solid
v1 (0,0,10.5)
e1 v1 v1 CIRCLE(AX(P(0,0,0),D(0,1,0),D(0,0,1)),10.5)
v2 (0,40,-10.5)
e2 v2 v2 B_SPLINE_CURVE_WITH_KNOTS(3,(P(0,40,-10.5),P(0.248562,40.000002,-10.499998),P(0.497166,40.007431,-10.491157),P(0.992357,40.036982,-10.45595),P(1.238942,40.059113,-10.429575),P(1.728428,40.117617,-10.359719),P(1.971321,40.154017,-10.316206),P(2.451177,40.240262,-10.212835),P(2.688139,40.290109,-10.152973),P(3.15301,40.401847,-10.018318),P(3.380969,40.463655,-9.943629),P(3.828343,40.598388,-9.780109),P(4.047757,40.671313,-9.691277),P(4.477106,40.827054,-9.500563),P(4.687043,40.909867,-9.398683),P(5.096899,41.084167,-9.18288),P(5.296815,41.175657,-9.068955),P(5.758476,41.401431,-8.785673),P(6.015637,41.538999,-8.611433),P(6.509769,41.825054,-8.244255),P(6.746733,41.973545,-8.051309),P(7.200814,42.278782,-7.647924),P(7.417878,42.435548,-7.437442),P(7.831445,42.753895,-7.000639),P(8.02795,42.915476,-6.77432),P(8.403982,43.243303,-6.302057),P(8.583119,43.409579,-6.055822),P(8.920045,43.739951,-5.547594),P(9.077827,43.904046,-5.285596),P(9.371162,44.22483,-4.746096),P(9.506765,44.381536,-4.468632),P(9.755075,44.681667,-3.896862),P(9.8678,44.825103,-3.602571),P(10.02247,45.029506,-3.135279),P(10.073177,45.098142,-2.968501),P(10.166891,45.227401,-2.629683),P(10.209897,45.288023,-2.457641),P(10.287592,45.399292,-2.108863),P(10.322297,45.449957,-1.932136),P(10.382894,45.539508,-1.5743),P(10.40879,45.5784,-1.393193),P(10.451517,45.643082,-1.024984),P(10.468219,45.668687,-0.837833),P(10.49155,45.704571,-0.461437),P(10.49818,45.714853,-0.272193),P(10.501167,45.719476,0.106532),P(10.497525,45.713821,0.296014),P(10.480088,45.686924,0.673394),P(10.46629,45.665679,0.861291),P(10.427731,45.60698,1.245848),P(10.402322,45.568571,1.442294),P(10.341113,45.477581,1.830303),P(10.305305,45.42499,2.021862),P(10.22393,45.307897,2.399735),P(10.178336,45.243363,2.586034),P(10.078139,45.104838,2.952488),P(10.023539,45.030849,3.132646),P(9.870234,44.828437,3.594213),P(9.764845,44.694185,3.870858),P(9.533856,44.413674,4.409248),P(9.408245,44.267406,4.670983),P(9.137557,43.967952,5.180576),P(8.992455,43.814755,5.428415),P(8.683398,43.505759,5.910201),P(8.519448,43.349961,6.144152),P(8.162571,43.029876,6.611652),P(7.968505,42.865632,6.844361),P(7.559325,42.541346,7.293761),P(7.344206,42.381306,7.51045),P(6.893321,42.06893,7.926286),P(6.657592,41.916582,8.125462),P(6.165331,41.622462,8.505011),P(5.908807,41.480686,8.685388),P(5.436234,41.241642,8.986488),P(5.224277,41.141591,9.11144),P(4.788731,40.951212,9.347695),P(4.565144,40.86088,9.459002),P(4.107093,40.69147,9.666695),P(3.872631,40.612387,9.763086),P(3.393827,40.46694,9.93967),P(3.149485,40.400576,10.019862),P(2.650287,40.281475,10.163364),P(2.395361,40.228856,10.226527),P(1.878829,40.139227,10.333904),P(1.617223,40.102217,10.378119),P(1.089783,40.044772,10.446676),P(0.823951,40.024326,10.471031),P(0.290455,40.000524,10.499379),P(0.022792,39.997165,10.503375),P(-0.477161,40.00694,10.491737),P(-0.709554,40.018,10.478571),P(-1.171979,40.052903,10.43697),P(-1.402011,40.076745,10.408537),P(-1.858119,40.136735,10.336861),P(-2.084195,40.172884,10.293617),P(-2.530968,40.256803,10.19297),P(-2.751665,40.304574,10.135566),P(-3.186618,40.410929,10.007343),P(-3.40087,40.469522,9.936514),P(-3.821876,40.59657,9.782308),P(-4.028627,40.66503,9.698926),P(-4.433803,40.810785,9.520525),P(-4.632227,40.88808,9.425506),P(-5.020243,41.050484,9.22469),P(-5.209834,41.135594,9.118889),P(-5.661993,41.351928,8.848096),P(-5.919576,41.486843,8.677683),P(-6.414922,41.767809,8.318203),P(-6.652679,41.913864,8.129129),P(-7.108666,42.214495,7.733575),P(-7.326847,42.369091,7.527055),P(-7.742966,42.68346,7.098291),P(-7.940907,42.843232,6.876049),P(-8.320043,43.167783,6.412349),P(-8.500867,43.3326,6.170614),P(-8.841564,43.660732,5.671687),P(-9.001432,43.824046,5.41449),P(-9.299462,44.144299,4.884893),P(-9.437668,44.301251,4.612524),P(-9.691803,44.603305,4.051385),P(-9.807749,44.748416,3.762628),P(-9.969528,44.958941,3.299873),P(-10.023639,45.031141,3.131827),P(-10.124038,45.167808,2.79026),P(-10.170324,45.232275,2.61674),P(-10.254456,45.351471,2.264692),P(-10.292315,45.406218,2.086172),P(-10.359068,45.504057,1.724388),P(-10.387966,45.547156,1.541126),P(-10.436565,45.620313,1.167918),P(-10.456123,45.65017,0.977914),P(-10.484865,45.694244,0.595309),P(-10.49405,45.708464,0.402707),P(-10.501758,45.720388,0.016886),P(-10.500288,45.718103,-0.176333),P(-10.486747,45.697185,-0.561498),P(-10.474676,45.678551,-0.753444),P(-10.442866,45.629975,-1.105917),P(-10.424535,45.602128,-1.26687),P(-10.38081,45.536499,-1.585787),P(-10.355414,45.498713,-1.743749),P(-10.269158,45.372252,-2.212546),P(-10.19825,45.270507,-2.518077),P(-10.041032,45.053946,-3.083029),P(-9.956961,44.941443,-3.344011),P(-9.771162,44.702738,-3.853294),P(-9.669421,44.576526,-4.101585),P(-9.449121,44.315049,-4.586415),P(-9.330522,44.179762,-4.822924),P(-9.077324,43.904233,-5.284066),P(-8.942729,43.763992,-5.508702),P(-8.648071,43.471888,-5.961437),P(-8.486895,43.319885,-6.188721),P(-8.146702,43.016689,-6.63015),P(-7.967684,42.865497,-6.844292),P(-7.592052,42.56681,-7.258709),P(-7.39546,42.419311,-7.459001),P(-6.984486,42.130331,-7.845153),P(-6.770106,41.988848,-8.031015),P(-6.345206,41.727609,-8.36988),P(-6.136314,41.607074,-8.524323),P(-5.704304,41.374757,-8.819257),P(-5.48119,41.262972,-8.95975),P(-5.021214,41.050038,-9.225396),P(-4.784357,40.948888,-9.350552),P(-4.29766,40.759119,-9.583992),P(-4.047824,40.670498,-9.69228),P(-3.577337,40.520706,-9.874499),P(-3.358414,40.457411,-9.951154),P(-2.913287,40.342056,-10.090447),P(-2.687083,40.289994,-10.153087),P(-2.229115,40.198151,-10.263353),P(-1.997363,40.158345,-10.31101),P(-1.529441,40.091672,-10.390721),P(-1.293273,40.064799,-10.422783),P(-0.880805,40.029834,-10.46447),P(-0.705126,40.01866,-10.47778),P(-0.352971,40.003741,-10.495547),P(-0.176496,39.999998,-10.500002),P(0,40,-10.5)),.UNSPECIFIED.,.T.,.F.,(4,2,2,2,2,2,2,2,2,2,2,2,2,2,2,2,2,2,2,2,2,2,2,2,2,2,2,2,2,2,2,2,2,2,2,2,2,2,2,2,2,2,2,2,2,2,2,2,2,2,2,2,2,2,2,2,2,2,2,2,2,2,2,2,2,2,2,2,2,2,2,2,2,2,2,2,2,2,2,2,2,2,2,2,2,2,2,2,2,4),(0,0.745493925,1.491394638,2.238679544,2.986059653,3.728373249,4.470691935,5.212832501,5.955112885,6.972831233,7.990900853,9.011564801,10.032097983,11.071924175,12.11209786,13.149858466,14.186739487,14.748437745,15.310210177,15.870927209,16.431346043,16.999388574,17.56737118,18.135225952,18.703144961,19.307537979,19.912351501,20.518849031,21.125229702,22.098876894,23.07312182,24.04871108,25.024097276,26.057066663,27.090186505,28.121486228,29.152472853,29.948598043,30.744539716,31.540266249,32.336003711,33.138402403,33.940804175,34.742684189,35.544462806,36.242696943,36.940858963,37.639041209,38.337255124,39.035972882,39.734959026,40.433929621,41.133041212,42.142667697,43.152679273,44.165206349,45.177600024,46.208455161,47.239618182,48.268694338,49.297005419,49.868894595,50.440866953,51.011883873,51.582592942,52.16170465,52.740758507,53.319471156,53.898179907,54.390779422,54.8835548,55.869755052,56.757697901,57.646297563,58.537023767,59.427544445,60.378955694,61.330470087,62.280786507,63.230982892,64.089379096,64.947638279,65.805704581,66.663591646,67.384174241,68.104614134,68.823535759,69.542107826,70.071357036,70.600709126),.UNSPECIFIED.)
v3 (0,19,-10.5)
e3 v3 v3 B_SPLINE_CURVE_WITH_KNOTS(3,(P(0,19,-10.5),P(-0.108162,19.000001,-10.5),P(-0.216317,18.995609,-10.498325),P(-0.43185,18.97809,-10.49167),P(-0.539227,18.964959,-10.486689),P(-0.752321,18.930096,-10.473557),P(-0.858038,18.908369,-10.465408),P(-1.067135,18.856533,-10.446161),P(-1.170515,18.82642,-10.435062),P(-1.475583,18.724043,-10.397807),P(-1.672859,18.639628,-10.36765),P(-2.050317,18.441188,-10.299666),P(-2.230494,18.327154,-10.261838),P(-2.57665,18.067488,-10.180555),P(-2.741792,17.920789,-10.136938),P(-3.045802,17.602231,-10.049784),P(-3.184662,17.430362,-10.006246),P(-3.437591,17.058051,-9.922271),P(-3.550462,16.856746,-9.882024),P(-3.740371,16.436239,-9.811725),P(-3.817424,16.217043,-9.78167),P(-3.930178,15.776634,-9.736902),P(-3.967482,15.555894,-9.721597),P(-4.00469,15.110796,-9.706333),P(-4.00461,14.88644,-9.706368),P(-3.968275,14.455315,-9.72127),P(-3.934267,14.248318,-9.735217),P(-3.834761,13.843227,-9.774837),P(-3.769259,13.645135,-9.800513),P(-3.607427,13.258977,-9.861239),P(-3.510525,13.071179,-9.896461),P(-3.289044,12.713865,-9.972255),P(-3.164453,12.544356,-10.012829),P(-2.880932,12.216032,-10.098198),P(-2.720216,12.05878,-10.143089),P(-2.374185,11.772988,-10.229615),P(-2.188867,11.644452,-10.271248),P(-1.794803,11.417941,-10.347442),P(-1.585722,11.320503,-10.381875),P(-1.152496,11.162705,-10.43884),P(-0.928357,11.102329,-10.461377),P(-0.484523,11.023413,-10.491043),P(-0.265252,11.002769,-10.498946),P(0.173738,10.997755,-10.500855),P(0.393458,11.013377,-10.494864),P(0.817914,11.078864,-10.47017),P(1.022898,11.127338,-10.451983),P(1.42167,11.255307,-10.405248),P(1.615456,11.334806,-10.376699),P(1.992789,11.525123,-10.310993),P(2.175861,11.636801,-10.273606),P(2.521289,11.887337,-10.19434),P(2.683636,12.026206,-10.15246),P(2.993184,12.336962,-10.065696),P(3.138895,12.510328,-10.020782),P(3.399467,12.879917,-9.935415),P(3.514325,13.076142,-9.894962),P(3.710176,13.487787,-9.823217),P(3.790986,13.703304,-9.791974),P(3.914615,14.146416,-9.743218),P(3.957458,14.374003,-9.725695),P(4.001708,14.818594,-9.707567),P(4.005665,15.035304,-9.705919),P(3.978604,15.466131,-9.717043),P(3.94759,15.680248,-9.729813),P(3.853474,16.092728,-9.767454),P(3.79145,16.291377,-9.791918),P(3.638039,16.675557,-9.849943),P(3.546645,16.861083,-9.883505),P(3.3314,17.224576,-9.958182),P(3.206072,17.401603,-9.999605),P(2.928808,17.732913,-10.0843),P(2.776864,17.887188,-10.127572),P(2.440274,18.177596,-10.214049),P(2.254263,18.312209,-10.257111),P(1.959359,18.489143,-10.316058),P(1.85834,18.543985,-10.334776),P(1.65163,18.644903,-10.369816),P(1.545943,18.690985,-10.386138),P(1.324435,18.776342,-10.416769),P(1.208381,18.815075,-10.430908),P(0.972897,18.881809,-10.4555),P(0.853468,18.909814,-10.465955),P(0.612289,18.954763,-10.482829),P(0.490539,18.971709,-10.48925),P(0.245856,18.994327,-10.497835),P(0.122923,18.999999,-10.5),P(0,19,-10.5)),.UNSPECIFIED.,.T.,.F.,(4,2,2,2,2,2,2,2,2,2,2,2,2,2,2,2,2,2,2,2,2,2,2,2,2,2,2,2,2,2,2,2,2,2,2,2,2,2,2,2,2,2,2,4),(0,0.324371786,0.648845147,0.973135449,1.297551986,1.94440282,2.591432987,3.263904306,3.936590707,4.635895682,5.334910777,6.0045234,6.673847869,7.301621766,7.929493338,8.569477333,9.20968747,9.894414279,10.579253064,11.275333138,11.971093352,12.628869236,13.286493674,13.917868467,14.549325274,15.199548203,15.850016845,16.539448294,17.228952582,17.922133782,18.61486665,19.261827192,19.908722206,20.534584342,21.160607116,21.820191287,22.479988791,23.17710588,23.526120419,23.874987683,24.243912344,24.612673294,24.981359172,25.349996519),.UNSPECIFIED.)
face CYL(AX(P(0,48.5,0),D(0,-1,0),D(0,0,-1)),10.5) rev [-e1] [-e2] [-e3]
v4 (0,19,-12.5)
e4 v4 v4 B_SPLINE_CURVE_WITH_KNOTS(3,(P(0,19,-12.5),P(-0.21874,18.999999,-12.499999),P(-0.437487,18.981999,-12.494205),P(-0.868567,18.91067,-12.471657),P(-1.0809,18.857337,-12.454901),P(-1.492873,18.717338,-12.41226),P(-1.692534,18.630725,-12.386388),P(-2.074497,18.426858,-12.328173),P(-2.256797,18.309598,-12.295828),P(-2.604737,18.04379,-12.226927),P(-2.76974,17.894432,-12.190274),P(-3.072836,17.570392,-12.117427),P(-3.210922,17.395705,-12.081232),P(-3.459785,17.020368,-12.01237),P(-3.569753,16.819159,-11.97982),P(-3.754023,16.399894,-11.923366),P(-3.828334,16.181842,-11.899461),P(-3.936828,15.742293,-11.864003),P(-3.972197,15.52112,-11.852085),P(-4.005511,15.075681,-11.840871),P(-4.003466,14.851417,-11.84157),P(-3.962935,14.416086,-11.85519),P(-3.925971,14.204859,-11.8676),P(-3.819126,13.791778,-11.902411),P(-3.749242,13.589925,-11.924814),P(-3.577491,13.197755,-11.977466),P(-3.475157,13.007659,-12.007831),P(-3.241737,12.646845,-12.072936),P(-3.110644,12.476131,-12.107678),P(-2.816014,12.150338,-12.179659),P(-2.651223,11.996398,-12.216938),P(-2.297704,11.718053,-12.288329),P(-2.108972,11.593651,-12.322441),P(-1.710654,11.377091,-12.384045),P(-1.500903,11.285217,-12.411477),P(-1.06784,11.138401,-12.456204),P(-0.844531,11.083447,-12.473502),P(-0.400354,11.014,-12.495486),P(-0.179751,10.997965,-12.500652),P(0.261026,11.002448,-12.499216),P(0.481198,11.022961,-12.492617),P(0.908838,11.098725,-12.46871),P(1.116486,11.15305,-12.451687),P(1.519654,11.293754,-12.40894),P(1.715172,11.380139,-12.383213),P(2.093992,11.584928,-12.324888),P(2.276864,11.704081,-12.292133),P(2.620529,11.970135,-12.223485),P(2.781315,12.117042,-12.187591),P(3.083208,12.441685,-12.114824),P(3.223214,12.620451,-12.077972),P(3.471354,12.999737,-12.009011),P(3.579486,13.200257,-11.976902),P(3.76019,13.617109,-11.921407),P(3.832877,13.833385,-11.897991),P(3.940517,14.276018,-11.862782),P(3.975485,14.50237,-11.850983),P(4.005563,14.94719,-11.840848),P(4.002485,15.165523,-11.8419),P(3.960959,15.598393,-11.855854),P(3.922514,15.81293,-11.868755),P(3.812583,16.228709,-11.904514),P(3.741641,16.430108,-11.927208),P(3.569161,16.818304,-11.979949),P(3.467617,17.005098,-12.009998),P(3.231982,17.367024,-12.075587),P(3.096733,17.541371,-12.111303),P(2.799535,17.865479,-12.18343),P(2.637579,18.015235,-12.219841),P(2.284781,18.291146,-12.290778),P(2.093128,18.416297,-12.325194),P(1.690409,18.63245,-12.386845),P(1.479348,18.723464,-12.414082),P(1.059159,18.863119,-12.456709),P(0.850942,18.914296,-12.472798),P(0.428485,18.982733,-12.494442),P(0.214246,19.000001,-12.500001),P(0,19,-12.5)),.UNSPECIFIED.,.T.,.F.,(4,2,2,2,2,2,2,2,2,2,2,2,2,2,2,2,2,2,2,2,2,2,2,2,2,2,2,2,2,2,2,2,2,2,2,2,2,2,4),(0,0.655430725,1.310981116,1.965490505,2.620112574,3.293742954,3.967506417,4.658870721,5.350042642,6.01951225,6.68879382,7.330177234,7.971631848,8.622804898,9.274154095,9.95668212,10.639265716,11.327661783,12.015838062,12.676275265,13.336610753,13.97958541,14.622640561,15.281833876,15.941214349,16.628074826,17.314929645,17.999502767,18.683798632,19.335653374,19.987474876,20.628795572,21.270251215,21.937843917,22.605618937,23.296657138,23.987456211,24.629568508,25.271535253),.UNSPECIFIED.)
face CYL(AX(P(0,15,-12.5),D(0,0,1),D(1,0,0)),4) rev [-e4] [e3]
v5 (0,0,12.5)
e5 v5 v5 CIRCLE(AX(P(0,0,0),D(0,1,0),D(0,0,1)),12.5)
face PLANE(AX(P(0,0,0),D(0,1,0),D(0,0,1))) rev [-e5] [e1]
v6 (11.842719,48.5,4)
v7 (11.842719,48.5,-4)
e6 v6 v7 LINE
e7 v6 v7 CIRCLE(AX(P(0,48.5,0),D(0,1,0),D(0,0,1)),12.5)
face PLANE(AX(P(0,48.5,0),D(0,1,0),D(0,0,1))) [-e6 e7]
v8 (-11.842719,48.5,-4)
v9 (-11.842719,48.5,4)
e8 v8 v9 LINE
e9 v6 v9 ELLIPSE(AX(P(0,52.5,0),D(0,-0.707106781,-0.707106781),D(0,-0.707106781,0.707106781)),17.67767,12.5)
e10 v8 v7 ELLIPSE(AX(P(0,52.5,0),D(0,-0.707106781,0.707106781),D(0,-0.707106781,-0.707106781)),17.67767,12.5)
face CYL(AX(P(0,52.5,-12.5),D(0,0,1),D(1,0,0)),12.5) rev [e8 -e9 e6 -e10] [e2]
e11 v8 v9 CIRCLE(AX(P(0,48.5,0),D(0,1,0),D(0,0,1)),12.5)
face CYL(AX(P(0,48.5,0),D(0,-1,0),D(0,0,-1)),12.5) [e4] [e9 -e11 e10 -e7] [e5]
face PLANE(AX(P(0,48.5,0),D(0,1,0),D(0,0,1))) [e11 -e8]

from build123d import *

# Parameters (mm, degrees)
SKETCH_1_R               = 12.5
SKETCH_1_R_2             = 10.5
EXTRUDE_1_DEPTH          = 48.5
CUT_EXTRUDE_1_DEPTH      = 52.621216568
CUT_EXTRUDE_1_DEPTH_BACK = 52.621216568
SKETCH_2_R               = 12.5
SKETCH_3_R               = 4
CUT_EXTRUDE_2_DEPTH      = 52.621216687


with BuildPart() as part:
    # Эскиз1 → Бобышка-Вытянуть1 (new body)
    with BuildSketch(Plane(origin=(0, 0, 0), x_dir=(1, 0, 0), z_dir=(0, 1, 0))):
        with Locations(Location((0, 0, 0), (0, 0, 90))):
            Circle(SKETCH_1_R)
        with Locations(Location((0, 0, 0), (0, 0, 90))):
            Circle(SKETCH_1_R_2, mode=Mode.SUBTRACT)
    extrude(amount=EXTRUDE_1_DEPTH)

    # Эскиз2 → Вырез-Вытянуть1 (cut, two sides: drawn at the far end of the back side and taken through both)
    with BuildSketch(Plane.XY.offset(-CUT_EXTRUDE_1_DEPTH_BACK)):
        with Locations((0, 52.5)):
            Circle(SKETCH_2_R)
    extrude(amount=CUT_EXTRUDE_1_DEPTH + CUT_EXTRUDE_1_DEPTH_BACK, mode=Mode.SUBTRACT)

    # Эскиз3 → Вырез-Вытянуть2 (cut, through all)
    with BuildSketch(Plane.XY):
        with Locations(Location((0, 15, 0), (0, 0, 90))):
            Circle(SKETCH_3_R)
    extrude(amount=-CUT_EXTRUDE_2_DEPTH, mode=Mode.SUBTRACT)


solid = part.part
